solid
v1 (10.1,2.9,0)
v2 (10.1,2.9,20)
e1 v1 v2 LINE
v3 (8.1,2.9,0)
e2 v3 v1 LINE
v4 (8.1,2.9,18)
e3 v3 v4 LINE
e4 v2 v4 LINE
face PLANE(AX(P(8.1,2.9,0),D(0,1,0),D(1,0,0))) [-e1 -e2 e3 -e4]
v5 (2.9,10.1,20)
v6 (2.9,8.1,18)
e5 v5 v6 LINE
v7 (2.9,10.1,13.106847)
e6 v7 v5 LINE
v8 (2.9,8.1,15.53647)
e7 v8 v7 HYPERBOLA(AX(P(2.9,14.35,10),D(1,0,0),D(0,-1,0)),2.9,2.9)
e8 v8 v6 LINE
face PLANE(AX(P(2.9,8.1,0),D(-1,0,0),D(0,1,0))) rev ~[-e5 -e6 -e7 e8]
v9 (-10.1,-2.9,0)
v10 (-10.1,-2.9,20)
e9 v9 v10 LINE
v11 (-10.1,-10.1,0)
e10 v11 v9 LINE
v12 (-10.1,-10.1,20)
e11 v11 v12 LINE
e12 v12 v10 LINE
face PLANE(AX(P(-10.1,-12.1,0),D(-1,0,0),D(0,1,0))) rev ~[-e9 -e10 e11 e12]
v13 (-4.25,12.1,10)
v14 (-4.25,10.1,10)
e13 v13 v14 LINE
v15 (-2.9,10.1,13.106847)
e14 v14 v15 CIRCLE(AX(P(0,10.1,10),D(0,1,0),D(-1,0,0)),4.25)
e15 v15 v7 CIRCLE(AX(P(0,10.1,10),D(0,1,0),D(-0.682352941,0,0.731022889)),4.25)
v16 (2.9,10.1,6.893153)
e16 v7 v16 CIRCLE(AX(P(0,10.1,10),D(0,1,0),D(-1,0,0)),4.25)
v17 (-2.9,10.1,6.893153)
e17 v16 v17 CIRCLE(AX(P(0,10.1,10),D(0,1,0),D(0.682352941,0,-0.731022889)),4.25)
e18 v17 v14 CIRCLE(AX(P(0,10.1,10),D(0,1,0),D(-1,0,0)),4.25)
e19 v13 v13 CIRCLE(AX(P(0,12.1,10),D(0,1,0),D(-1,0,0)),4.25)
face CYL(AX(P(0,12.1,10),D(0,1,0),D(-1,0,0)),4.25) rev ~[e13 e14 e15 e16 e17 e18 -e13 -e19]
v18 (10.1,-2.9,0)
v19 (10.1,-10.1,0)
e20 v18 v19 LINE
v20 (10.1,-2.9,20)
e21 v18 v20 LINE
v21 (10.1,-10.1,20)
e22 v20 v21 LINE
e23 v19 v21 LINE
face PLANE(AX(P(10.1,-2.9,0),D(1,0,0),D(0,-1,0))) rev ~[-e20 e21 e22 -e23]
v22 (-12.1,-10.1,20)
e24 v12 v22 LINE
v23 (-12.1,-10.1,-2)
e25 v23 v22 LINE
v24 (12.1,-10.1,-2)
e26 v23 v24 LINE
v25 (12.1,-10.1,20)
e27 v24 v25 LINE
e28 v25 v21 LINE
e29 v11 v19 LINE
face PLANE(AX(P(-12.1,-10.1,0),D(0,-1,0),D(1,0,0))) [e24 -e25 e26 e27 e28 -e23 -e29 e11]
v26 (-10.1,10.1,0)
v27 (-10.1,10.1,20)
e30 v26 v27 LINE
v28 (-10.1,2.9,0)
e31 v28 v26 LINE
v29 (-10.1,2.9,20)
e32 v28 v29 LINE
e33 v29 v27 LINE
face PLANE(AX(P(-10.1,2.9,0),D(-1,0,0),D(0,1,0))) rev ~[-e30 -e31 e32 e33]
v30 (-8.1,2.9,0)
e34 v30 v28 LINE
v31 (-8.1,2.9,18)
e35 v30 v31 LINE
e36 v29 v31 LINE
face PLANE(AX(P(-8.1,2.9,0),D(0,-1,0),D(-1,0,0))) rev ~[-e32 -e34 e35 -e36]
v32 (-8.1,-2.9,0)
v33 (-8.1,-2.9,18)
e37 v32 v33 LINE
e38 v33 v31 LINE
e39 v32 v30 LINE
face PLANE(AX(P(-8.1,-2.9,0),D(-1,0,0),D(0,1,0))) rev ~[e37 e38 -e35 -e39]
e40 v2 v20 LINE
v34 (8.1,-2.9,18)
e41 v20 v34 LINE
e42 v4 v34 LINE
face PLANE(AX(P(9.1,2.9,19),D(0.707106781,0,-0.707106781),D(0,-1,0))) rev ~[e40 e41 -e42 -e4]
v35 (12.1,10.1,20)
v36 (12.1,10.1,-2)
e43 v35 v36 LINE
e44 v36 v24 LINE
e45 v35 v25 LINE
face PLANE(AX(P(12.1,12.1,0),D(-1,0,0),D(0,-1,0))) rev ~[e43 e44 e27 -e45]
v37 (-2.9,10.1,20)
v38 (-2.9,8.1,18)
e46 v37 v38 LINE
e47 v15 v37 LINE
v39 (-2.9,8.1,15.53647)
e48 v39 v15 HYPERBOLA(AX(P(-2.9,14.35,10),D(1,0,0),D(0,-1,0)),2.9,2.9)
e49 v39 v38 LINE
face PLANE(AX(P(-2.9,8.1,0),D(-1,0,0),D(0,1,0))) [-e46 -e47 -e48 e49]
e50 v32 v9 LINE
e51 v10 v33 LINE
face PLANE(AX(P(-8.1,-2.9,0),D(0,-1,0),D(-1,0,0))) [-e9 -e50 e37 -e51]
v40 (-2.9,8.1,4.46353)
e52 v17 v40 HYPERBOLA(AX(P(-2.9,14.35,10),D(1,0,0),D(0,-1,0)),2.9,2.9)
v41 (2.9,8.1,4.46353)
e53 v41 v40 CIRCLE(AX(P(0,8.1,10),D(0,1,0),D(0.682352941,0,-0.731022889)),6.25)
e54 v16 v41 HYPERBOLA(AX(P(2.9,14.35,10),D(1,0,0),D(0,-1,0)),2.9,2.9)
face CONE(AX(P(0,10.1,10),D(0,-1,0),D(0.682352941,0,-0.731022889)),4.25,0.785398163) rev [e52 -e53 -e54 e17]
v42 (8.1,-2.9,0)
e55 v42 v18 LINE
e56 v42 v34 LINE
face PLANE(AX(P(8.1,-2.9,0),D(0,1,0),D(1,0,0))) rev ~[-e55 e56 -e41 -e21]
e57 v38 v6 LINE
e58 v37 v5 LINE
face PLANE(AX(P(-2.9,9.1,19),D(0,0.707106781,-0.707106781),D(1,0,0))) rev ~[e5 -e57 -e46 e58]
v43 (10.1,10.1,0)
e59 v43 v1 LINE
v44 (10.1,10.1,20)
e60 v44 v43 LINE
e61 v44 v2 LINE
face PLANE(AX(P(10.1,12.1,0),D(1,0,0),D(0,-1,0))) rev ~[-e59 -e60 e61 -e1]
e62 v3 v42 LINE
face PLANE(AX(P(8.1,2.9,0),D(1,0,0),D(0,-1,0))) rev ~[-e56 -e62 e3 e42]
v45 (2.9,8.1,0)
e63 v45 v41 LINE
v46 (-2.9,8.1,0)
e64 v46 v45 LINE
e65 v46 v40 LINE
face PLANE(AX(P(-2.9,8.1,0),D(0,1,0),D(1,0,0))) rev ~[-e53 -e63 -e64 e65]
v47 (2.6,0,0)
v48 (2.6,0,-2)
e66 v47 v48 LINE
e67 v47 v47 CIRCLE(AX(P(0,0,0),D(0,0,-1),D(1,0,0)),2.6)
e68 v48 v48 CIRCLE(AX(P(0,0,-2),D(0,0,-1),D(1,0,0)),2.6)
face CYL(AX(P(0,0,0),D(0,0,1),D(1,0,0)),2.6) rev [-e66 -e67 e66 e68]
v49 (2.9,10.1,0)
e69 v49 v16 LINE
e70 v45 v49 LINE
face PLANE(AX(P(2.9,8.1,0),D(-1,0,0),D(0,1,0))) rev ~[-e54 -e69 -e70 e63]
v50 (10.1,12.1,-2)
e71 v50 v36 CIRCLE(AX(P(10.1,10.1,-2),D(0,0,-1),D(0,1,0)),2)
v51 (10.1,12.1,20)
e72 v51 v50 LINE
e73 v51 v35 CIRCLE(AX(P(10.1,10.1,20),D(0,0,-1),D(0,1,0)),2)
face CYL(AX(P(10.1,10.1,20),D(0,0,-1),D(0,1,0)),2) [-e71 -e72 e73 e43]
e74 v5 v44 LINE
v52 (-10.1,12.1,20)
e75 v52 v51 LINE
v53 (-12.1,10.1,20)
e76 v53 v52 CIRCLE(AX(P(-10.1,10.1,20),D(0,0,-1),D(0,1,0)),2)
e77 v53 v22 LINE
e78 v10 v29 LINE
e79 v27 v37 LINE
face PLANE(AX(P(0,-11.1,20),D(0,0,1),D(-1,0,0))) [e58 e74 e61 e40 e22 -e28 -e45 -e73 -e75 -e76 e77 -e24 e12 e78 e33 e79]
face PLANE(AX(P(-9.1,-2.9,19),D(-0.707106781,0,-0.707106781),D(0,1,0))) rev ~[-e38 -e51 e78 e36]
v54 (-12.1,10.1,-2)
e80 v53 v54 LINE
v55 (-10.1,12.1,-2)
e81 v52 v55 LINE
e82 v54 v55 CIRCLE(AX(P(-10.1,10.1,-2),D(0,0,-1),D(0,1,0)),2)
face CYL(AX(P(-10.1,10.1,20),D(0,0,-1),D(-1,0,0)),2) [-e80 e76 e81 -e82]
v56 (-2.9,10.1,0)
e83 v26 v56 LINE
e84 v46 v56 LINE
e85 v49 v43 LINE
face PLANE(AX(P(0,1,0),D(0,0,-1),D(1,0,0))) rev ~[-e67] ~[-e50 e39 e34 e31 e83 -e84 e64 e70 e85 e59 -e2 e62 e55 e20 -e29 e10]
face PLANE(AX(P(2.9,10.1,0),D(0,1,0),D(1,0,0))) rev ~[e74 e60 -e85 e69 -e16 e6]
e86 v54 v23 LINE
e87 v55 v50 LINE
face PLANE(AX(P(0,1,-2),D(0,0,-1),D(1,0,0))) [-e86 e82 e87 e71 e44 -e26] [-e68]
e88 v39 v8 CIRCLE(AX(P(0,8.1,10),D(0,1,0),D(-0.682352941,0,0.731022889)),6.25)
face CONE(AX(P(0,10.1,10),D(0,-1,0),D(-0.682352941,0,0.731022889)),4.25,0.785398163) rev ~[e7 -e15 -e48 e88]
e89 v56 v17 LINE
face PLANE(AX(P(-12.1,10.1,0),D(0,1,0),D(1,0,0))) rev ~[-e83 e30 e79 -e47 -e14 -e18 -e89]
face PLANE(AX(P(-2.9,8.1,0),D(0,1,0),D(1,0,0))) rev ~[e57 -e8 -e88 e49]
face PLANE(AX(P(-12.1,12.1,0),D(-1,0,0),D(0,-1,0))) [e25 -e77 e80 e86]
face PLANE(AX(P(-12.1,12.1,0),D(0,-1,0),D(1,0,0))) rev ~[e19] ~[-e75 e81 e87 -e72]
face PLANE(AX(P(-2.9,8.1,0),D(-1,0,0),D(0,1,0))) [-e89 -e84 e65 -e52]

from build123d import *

# Parameters (mm, degrees)
F1_W      = 5.8
F1_H      = 2
F2_DEPTH  = 20
F4_COUNT  = 4
F5_R      = 4.25
F6_DEPTH  = 24.201
F8_DEPTH  = 20.001
F9_W      = 24.2
F9_H      = 22.2
F9_R      = 2.6
F10_DEPTH = 2
F11_R     = 2
F12_SIZE  = 2


with BuildPart() as f2:
    # F1 (on Top) → F2 (new body)
    with BuildSketch(Plane.XY):
        Polygon((-12.1, 12.1), (-12.1, 10.1), (-2.9, 10.1), (2.9, 10.1), (12.1, 10.1), (12.1, 12.1), align=None)
        with Locations((0, 9.1)):
            Rectangle(F1_W, F1_H)
    extrude(amount=F2_DEPTH)

    # F4: F2 ×4 about axis
    f4_axis = Axis((0, 0, 13.2065918297), (0, 0, 1))


with BuildPart() as f2_1:
    add(f2.part)
    for i in range(1, F4_COUNT):
        add(f2.part.rotate(f4_axis, i * 360 / F4_COUNT))

    # F5 (on face) → F6 (cut, through all)
    with BuildSketch(Plane(origin=(0, 12.1, 0), x_dir=(-1, 0, 0), z_dir=(0, 1, 0))):
        with Locations((0, 10)):
            Circle(F5_R)
    extrude(amount=-F6_DEPTH, mode=Mode.SUBTRACT)

    # F7 (on face) → F8 (cut, through all)
    with BuildSketch(Plane.XY.offset(20)):
        Polygon((-2.9, -8.1), (-10.1, -10.1), (-12.1, -10.1), (-12.1, -12.1), (12.1, -12.1), (12.1, -10.1), (10.1, -10.1), (2.9, -8.1), align=None)
    extrude(amount=-F8_DEPTH, mode=Mode.SUBTRACT)

    # F9 (on face) → F10 (join)
    with BuildSketch(Plane(origin=(0, 0, 0), x_dir=(1, 0, 0), z_dir=(0, 0, -1))):
        with Locations((0, -1)):
            Rectangle(F9_W, F9_H)
        Circle(F9_R, mode=Mode.SUBTRACT)
    extrude(amount=F10_DEPTH)

    # F11
    f11_edges = [f2_1.edges().sort_by_distance(p)[0] for p in [
        (-12.1, 12.1, 9),
        (12.1, 12.1, 9),
    ]]
    fillet(f11_edges, radius=F11_R)

    # F12
    f12_edges = [f2_1.edges().sort_by_distance(p)[0] for p in [
        (0, 8.1, 5.75),
        (0, 8.1, 14.25),
        (-8.1, 0, 20),
        (0, 8.1, 20),
        (8.1, 0, 20),
    ]]
    chamfer(f12_edges, length=F12_SIZE)


solid = f2_1.part
